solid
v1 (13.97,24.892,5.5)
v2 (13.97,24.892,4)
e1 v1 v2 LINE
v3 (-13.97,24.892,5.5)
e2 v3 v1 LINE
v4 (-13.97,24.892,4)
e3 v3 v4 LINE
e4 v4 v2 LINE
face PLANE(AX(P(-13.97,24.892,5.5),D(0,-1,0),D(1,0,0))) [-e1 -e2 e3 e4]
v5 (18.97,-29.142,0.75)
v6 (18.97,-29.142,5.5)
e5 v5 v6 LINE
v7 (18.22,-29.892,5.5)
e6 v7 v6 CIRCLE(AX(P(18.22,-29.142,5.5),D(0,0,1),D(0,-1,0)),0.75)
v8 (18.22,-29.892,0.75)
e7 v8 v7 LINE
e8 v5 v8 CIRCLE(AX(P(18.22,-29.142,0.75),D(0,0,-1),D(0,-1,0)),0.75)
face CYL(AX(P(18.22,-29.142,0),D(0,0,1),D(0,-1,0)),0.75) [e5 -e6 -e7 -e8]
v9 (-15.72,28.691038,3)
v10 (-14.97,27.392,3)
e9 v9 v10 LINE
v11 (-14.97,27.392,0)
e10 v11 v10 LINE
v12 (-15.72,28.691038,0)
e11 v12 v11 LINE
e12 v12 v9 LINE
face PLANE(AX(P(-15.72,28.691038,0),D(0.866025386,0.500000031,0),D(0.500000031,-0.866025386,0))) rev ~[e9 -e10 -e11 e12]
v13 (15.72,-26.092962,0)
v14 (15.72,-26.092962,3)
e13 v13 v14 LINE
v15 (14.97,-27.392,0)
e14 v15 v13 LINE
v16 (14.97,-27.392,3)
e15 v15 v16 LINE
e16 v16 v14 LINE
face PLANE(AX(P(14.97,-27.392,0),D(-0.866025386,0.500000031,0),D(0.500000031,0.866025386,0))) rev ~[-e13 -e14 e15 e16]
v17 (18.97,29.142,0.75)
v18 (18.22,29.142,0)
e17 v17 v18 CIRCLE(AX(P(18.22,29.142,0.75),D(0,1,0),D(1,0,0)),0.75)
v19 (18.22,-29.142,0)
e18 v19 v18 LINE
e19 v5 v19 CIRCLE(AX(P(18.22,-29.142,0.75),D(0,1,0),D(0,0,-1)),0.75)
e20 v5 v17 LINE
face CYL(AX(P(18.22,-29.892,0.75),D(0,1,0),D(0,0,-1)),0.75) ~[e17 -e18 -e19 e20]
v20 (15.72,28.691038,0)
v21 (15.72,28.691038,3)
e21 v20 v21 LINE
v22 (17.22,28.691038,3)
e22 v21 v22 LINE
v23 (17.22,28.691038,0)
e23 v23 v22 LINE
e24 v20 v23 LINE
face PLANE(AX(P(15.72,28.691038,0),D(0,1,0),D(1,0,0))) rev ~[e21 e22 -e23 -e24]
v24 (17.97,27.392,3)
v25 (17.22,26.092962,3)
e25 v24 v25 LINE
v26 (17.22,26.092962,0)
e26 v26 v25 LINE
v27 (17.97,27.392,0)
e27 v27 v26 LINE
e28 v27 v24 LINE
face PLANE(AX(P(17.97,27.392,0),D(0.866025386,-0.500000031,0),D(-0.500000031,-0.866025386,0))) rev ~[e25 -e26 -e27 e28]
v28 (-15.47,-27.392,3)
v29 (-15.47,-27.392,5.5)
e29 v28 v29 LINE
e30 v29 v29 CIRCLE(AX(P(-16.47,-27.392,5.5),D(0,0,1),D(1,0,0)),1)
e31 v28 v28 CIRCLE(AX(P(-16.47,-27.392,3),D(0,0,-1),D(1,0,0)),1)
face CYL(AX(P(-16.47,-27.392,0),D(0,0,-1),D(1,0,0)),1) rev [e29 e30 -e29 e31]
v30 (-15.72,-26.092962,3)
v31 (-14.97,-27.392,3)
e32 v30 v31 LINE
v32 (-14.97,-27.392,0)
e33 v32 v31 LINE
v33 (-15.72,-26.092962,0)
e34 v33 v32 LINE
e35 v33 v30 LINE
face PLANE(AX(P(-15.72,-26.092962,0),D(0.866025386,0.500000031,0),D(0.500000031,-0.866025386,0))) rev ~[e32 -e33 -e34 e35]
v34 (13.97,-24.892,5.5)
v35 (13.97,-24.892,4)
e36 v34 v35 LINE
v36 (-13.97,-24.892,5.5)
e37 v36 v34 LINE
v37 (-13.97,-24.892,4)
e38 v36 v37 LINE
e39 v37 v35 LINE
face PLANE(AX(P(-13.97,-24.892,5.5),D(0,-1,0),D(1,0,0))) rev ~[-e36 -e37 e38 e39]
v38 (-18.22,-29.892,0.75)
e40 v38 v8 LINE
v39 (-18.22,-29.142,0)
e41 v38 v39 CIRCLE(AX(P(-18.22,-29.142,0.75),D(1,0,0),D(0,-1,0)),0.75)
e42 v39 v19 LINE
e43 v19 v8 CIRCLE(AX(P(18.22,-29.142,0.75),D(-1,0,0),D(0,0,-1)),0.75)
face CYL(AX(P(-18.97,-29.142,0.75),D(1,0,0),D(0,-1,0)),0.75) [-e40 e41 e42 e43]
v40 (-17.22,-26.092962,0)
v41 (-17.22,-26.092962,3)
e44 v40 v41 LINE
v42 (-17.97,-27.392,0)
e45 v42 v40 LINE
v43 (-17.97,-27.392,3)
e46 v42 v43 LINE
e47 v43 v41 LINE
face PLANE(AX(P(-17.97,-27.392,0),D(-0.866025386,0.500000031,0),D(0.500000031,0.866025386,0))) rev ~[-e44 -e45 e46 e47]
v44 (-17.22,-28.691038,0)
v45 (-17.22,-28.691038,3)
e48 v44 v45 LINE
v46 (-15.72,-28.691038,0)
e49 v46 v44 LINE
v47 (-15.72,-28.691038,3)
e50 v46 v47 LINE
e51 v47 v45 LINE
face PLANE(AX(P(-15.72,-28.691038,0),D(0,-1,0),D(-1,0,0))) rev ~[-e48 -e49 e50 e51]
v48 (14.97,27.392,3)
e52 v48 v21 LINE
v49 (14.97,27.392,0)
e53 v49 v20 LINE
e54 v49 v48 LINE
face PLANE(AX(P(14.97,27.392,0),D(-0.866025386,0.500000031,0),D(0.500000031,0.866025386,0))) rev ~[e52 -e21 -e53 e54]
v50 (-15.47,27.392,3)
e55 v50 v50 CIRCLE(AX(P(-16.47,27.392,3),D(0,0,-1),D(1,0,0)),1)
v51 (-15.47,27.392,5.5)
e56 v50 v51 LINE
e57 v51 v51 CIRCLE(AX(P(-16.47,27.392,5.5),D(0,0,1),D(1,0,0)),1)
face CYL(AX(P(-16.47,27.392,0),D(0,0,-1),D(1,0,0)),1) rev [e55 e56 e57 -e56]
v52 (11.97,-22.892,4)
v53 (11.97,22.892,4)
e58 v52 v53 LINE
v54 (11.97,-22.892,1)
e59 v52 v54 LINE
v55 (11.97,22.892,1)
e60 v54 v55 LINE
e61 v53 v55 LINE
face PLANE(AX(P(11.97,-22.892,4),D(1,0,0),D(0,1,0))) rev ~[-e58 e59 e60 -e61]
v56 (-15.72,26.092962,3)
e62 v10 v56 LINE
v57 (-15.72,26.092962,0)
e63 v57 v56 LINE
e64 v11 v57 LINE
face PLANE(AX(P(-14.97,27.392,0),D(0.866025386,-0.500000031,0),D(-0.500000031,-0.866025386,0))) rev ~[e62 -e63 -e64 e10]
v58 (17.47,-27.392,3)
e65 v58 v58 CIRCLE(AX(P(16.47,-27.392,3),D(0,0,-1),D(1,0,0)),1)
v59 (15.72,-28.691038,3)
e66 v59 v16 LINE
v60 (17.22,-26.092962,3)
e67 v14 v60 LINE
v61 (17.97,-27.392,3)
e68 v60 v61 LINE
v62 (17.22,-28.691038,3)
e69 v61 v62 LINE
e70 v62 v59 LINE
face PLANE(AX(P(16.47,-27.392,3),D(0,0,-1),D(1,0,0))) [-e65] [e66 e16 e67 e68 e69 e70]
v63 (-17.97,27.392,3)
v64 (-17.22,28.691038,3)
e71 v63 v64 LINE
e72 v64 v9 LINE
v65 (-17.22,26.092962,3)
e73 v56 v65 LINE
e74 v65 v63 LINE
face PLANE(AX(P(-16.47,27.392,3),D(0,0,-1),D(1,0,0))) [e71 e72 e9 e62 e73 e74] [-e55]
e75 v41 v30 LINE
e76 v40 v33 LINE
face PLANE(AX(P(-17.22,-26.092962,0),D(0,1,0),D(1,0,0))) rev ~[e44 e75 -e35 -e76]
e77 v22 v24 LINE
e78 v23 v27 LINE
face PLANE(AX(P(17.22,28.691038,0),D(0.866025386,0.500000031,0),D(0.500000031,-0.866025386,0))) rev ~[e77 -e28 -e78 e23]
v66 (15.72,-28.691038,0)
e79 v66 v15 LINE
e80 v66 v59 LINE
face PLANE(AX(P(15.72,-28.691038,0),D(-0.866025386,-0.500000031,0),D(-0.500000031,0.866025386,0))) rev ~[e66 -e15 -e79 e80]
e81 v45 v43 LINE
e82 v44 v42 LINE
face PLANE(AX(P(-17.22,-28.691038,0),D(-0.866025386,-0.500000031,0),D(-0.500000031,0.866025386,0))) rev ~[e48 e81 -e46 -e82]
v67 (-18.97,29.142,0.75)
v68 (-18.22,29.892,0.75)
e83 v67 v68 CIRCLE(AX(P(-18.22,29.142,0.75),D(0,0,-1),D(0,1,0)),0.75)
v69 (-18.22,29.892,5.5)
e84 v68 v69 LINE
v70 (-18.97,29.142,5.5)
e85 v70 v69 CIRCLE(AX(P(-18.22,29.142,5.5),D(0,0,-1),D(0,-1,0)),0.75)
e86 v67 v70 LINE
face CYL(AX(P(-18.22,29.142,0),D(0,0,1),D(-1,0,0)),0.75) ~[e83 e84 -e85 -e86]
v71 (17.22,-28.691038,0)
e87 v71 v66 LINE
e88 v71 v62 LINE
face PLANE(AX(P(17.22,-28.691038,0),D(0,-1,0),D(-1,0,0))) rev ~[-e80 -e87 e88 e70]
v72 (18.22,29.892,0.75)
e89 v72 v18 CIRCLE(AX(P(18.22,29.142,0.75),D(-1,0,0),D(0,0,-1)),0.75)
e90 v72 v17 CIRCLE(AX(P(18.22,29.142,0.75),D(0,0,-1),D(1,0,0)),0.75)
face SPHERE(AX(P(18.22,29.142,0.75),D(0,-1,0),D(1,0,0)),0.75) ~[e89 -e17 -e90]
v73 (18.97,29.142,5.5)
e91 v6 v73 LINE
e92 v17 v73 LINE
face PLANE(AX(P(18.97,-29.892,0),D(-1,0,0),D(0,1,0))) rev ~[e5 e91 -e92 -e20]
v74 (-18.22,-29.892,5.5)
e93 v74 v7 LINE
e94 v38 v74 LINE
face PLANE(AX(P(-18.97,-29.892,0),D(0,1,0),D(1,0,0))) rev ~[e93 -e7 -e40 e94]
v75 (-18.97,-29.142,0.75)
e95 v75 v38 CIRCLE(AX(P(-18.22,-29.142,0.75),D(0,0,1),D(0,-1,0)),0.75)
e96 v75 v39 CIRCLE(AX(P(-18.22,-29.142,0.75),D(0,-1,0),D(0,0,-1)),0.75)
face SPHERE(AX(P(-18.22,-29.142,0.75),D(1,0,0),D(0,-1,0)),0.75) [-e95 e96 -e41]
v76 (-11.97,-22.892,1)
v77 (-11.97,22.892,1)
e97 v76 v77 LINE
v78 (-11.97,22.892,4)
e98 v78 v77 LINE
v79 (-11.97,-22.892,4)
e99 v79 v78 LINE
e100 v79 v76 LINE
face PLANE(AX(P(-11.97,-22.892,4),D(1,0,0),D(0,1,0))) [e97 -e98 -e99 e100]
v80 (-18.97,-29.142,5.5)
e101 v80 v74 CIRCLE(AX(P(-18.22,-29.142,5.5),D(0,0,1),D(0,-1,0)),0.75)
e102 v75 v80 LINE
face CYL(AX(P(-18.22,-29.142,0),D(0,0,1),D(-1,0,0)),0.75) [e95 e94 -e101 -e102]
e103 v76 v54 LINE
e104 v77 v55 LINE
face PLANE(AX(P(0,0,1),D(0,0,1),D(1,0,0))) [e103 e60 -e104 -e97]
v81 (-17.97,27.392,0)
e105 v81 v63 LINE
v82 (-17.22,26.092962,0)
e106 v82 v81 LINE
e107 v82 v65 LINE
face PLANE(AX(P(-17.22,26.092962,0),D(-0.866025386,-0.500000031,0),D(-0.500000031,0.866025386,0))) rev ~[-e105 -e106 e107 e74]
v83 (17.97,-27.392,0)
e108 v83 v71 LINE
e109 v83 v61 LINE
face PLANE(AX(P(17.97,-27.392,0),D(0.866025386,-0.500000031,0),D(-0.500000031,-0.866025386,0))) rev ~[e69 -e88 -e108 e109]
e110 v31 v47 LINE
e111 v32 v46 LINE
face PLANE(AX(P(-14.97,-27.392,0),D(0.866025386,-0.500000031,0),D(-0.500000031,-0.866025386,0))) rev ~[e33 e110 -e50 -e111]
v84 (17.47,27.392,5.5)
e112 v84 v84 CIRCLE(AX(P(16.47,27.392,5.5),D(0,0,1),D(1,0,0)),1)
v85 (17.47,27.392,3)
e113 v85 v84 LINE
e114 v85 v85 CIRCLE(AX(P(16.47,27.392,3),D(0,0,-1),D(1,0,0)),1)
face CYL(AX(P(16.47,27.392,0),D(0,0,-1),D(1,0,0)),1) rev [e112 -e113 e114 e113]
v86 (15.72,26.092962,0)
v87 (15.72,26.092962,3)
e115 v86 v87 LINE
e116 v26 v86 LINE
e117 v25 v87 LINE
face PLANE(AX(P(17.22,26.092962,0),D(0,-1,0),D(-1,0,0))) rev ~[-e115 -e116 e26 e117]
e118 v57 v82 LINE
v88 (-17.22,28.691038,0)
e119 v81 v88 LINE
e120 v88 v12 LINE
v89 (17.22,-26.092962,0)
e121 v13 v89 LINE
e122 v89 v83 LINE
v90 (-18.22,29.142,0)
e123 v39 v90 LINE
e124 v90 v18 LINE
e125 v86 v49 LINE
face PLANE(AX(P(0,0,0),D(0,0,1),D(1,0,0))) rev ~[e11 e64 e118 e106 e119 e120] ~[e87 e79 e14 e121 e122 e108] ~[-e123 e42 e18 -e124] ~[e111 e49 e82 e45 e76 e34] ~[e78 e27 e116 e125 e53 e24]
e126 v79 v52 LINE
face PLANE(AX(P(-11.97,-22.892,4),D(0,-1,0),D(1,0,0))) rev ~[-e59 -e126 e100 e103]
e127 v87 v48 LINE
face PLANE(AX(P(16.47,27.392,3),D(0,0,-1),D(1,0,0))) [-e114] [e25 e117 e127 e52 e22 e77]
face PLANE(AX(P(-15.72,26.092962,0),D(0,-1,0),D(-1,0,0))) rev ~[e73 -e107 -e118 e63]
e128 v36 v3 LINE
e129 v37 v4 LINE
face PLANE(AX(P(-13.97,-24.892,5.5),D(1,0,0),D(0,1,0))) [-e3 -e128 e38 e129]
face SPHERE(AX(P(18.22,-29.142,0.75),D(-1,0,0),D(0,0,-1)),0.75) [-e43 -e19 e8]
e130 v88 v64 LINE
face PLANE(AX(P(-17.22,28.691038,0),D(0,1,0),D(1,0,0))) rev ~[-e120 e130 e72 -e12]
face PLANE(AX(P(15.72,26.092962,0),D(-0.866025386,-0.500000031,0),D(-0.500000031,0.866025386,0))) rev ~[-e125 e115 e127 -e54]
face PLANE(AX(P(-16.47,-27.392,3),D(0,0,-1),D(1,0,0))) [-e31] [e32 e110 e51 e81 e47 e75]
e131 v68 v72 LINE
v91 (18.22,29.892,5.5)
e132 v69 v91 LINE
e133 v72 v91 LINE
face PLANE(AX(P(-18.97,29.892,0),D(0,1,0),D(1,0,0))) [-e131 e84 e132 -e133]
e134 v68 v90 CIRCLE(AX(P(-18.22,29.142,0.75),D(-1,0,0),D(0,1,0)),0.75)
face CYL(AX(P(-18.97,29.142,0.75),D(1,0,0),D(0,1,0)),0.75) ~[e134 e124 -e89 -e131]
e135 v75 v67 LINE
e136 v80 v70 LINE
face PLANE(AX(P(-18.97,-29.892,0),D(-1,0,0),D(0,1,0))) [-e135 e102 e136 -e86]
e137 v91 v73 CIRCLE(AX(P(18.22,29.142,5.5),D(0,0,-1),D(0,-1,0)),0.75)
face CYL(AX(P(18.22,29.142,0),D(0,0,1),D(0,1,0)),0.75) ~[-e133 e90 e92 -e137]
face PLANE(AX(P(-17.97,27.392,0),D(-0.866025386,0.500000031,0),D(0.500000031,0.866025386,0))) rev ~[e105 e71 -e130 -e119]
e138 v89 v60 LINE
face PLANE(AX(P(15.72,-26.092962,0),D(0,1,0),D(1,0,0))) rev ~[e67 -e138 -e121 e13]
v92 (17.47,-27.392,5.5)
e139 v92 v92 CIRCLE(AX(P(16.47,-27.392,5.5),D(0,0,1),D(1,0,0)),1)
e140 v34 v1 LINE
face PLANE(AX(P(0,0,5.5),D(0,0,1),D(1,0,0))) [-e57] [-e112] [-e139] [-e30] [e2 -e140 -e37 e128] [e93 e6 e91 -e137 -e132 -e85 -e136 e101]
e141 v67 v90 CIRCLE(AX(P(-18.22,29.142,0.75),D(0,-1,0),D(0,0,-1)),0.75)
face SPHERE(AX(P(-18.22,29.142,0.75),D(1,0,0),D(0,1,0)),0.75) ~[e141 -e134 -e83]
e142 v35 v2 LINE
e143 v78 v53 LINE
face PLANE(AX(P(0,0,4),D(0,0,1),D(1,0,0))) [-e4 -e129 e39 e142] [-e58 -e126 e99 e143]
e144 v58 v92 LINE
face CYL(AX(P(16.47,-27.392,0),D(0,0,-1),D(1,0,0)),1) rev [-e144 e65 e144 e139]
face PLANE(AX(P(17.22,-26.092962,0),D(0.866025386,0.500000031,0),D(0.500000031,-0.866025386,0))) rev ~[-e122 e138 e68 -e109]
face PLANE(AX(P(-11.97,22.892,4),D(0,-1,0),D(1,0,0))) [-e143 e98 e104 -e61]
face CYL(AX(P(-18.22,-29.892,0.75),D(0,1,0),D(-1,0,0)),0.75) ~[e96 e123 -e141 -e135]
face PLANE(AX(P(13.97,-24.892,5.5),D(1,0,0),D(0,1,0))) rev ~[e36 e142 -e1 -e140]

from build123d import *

# Parameters (mm, degrees)
SKETCH001_W     = 37.94
SKETCH001_H     = 59.784
SKETCH001_R     = 1
PAD_DEPTH       = 5.5
SKETCH002_W     = 27.94
SKETCH002_H     = 49.784
POCKET_DEPTH    = 1.5
SKETCH_W        = 23.94
SKETCH_H        = 45.784
POCKET001_DEPTH = 3
POCKET002_DEPTH = 3
FILLET_R        = 0.75


with BuildPart() as part:
    # Sketch001 → Pad (new body)
    with BuildSketch(Plane.XY):
        Rectangle(SKETCH001_W, SKETCH001_H)
        with Locations((-16.47, 27.392)):
            Circle(SKETCH001_R, mode=Mode.SUBTRACT)
        with Locations((16.47, 27.392)):
            Circle(SKETCH001_R, mode=Mode.SUBTRACT)
        with Locations((-16.47, -27.392)):
            Circle(SKETCH001_R, mode=Mode.SUBTRACT)
        with Locations((16.47, -27.392)):
            Circle(SKETCH001_R, mode=Mode.SUBTRACT)
    extrude(amount=PAD_DEPTH)

    # Sketch002 (on Face10 of Pad) → Pocket (cut)
    with BuildSketch(Plane.XY.offset(5.5)):
        Rectangle(SKETCH002_W, SKETCH002_H)
    extrude(amount=-POCKET_DEPTH, mode=Mode.SUBTRACT)

    # Sketch (on Face15 of Pocket) → Pocket001 (cut)
    with BuildSketch(Plane.XY.offset(4)):
        Rectangle(SKETCH_W, SKETCH_H)
    extrude(amount=-POCKET001_DEPTH, mode=Mode.SUBTRACT)

    # Sketch003 (on Face4 of Pocket001) → Pocket002 (cut)
    with BuildSketch(Plane(origin=(0, 0, 0), x_dir=(1, 0, 0), z_dir=(0, 0, -1))):
        Polygon((-15.72, 26.092962), (-14.97, 27.392), (-15.72, 28.691038), (-17.22, 28.691038), (-17.97, 27.392), (-17.22, 26.092962), align=None)
        Polygon((17.22, 26.092962), (17.97, 27.392), (17.22, 28.691038), (15.72, 28.691038), (14.97, 27.392), (15.72, 26.092962), align=None)
        Polygon((-15.72, -28.691038), (-14.97, -27.392), (-15.72, -26.092962), (-17.22, -26.092962), (-17.97, -27.392), (-17.22, -28.691038), align=None)
        Polygon((17.22, -28.691038), (17.97, -27.392), (17.22, -26.092962), (15.72, -26.092962), (14.97, -27.392), (15.72, -28.691038), align=None)
    extrude(amount=-POCKET002_DEPTH, mode=Mode.SUBTRACT)

    # Fillet
    fillet_edges = [part.edges().sort_by_distance(p)[0] for p in [
        (0, -29.892, 0),
        (18.97, 0, 0),
        (18.97, 29.892, 2.75),
        (-18.97, -29.892, 2.75),
        (18.97, -29.892, 2.75),
        (0, 29.892, 0),
        (-18.97, 29.892, 2.75),
        (-18.97, 0, 0),
    ]]
    fillet(fillet_edges, radius=FILLET_R)


solid = part.part
